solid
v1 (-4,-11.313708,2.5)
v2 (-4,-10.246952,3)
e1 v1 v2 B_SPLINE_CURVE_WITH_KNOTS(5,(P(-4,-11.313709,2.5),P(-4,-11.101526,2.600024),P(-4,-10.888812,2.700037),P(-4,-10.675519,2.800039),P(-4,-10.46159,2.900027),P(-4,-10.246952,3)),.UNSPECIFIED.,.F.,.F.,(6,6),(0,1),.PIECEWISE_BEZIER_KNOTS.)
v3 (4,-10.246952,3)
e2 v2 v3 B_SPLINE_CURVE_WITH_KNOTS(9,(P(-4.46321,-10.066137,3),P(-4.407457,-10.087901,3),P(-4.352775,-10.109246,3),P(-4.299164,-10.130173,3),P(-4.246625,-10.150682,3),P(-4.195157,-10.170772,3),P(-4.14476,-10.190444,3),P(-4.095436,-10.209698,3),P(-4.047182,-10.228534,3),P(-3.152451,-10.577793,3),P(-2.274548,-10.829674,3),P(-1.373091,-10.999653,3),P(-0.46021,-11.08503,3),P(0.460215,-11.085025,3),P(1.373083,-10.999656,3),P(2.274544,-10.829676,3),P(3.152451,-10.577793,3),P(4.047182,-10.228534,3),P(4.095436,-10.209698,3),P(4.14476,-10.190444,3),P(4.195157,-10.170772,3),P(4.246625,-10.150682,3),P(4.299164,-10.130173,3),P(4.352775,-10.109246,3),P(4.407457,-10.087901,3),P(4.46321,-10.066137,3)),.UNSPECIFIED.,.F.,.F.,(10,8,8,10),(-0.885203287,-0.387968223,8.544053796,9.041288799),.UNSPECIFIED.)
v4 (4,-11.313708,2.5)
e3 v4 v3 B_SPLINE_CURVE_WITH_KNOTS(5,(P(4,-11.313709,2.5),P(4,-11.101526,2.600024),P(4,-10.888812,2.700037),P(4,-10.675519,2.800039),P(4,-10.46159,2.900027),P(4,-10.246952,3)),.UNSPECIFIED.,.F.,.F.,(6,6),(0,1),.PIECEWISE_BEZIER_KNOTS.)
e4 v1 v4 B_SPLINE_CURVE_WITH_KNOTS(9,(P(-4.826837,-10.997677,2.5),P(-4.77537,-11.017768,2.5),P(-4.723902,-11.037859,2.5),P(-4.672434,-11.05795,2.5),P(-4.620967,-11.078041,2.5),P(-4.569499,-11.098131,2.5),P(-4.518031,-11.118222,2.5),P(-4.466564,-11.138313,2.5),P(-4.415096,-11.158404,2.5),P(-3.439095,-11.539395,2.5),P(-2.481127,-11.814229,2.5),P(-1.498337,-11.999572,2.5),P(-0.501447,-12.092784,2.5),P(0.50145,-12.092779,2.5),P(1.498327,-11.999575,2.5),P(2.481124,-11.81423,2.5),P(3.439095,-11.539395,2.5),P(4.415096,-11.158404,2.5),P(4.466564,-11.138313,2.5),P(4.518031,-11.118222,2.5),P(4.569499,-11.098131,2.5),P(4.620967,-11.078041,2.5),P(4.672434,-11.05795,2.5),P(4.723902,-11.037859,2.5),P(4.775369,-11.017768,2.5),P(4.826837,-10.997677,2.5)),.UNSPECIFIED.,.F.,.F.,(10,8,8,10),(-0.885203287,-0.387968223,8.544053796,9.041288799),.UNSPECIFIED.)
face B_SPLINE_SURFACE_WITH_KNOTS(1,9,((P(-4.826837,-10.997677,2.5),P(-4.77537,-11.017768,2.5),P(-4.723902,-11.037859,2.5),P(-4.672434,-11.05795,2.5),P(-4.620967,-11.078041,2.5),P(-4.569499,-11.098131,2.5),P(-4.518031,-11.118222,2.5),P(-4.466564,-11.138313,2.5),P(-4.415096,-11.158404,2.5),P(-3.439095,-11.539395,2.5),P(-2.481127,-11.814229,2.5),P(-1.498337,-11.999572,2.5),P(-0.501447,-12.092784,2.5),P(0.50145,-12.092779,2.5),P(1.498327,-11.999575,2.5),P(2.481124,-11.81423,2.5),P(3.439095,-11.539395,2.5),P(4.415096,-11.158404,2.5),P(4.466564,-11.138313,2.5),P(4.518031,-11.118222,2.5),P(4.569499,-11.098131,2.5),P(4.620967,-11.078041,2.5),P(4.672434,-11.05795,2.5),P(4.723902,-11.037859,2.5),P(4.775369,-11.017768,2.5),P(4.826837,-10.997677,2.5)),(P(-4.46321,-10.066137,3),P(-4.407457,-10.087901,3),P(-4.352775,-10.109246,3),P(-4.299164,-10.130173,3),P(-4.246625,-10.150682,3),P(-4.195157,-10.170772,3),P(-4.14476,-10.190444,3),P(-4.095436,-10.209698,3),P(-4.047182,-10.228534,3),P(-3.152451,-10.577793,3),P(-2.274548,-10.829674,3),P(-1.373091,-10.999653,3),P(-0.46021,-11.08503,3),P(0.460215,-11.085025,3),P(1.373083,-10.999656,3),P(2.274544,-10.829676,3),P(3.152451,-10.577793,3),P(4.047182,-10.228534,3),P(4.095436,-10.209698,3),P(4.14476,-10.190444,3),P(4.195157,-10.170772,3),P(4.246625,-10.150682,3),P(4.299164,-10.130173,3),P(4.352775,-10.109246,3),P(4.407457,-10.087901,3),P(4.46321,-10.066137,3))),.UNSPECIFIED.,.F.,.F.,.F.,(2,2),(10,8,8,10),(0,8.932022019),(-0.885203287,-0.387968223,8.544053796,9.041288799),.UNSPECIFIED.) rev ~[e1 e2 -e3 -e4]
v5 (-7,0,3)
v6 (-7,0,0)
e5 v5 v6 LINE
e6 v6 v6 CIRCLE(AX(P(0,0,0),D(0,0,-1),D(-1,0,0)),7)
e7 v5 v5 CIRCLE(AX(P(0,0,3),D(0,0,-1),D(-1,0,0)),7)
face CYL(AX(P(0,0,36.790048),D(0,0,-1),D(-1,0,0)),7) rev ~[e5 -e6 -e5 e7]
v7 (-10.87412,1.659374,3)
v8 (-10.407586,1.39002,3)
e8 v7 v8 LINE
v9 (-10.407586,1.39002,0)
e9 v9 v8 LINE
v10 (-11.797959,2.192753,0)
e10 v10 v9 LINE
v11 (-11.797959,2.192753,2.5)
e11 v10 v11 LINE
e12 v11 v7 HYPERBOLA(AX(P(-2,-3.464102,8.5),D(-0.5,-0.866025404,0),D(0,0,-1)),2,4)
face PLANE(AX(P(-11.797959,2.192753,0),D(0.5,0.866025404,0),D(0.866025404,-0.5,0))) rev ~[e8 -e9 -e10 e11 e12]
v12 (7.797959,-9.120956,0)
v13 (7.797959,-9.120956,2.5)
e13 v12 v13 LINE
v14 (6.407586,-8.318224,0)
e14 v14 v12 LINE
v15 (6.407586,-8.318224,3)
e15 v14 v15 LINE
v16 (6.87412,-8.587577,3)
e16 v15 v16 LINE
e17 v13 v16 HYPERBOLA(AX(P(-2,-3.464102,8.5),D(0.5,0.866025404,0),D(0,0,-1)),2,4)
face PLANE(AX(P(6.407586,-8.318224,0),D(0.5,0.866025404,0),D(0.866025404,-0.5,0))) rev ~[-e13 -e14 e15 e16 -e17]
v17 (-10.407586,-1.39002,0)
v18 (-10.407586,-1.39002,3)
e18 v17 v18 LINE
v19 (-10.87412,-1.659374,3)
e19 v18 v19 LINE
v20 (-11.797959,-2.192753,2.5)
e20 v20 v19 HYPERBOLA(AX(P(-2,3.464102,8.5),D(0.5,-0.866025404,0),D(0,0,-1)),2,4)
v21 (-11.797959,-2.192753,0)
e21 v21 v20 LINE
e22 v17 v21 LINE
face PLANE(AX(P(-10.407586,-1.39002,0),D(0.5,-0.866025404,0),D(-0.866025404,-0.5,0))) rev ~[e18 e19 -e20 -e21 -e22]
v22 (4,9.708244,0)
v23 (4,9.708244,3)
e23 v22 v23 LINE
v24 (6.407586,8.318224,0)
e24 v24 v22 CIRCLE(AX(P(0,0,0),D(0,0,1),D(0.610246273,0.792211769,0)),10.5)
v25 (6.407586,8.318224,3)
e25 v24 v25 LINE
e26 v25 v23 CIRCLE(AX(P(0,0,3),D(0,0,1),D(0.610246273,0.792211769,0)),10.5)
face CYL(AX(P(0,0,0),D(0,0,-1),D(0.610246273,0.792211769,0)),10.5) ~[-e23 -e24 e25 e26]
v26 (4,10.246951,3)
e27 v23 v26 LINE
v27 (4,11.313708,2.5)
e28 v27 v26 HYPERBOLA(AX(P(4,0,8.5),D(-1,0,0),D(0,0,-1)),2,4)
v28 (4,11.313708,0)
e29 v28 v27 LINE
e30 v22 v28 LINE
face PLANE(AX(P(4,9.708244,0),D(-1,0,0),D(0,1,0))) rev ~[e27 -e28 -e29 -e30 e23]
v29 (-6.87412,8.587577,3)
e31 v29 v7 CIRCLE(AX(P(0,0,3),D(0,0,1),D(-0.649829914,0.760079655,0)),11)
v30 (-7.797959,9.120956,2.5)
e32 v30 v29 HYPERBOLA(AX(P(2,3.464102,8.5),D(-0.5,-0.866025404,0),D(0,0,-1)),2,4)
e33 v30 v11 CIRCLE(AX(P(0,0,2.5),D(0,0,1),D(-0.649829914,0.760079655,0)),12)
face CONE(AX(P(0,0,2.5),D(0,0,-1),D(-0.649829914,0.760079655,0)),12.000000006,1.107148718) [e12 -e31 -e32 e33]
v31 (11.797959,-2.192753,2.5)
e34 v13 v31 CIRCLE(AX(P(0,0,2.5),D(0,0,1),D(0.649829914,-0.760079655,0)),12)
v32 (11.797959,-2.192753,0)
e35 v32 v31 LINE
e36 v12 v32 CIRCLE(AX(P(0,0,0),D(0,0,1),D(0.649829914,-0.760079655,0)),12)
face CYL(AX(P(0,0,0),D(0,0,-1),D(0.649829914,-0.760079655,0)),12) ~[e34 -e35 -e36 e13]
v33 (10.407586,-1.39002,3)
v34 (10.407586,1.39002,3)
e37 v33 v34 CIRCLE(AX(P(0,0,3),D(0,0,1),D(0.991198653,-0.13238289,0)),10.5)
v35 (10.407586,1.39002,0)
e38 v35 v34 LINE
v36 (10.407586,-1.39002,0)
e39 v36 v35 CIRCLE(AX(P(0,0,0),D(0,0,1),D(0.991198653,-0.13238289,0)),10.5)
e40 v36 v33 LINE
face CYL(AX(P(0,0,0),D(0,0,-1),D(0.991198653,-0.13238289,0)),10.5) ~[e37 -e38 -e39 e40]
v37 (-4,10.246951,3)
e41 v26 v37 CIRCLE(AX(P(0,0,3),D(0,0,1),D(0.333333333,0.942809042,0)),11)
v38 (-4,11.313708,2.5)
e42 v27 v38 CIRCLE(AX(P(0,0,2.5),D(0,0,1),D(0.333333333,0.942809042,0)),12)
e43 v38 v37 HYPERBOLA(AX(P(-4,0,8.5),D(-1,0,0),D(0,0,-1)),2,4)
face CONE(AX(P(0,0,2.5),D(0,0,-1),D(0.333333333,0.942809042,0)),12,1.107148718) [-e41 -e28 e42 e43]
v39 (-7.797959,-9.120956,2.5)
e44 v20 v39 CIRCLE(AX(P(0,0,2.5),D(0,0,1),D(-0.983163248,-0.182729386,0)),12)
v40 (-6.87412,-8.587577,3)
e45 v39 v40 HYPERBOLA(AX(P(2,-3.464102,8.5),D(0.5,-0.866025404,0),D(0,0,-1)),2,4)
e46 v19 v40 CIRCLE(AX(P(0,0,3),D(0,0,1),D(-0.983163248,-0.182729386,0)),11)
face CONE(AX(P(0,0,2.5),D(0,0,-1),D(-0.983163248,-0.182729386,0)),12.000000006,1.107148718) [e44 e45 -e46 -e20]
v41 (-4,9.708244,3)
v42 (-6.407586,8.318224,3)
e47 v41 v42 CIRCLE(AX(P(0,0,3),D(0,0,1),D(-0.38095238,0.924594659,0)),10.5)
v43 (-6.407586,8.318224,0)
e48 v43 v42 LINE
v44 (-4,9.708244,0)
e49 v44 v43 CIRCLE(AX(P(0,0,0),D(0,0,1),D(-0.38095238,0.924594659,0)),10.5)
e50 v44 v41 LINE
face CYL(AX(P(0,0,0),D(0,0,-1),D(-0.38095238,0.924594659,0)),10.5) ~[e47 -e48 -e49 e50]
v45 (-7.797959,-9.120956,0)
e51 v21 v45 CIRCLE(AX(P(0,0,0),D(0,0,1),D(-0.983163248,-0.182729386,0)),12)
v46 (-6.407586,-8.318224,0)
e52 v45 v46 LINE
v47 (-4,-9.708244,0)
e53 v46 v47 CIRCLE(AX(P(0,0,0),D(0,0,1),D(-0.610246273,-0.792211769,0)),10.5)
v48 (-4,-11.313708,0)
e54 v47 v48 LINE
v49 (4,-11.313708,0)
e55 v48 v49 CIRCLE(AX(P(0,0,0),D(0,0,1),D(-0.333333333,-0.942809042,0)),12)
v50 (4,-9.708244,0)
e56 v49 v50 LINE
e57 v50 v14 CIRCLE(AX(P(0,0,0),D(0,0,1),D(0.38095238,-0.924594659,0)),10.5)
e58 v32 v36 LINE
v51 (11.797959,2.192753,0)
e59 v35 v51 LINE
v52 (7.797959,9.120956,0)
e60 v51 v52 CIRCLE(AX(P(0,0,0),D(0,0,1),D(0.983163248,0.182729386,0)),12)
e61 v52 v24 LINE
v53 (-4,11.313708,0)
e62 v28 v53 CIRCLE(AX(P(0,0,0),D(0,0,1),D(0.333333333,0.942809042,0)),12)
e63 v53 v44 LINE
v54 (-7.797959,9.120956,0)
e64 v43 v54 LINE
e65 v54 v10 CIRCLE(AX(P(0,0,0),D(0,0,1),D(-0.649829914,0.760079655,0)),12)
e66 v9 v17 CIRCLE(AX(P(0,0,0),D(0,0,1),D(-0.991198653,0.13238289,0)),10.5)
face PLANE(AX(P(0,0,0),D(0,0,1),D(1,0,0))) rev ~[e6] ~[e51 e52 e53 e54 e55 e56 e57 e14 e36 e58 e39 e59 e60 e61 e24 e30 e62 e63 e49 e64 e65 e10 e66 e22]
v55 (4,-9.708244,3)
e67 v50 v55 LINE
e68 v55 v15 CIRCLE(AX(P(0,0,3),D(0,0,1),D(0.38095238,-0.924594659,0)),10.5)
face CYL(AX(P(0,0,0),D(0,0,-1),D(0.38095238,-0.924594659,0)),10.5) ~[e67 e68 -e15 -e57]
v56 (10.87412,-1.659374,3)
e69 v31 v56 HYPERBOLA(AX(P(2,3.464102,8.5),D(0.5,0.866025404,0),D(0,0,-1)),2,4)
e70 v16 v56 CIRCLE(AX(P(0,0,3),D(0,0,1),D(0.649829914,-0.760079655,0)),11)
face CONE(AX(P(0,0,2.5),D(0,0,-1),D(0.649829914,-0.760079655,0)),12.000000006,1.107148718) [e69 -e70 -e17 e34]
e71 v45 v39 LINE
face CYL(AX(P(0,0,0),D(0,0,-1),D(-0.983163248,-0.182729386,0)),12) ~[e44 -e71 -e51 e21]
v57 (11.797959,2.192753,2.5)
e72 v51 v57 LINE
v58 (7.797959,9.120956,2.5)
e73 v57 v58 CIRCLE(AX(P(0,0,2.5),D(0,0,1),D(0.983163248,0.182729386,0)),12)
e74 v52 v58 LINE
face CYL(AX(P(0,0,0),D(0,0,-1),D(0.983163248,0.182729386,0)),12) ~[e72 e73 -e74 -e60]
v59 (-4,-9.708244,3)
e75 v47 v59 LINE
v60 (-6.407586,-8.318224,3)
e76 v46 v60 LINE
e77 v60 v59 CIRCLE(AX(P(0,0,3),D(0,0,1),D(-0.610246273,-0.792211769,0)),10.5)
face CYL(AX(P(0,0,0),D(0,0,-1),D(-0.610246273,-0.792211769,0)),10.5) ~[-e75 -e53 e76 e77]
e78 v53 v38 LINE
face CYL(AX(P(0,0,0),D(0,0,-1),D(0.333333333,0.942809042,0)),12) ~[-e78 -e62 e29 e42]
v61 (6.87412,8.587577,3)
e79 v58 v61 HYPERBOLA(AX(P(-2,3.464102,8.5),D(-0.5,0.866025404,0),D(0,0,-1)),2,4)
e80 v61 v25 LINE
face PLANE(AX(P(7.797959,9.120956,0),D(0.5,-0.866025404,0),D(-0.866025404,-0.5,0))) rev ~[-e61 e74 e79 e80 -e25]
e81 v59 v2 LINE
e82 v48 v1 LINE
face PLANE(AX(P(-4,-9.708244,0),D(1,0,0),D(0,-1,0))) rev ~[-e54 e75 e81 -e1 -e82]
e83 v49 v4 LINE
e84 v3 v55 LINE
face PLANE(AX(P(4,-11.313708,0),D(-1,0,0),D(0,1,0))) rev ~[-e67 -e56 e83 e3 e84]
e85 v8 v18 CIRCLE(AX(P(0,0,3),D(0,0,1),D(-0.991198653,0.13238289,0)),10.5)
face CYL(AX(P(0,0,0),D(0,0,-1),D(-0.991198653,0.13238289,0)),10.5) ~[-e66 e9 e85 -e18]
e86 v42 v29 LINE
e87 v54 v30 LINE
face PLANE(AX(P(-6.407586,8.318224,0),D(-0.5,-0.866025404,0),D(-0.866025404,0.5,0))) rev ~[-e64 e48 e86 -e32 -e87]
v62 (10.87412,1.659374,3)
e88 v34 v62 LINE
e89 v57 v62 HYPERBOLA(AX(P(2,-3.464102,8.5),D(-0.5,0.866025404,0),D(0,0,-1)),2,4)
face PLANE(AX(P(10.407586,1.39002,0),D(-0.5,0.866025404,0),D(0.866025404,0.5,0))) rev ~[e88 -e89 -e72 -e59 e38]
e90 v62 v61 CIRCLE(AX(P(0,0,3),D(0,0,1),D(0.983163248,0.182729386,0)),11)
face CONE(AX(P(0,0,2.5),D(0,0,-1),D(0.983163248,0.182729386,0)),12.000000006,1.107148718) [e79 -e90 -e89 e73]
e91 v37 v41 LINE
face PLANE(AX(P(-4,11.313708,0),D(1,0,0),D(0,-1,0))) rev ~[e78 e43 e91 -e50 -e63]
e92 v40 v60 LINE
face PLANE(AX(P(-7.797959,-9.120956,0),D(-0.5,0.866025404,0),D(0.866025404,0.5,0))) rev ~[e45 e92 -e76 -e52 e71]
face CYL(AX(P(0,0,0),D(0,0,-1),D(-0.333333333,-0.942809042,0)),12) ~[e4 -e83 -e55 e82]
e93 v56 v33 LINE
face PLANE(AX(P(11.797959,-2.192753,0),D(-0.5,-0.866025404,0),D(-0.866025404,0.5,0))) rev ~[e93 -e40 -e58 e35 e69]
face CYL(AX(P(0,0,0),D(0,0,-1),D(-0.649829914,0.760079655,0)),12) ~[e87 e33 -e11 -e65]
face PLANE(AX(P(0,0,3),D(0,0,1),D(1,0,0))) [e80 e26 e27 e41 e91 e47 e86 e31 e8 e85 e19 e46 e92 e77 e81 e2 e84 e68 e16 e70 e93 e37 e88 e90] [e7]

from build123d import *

# Parameters (mm, degrees)
EXTRUSION1_DEPTH        = 3
TROU_TARAUD_M161_D      = 14
CHANFREIN2_SIZE         = 0.5
CHANFREIN2_SIZE2        = 1
CHANFREIN2_PART_2_SIZE  = 0.5
CHANFREIN2_PART_2_SIZE2 = 1
CHANFREIN2_PART_3_SIZE  = 0.5
CHANFREIN2_PART_3_SIZE2 = 1
CHANFREIN2_PART_4_SIZE  = 0.5
CHANFREIN2_PART_4_SIZE2 = 1
CHANFREIN2_PART_5_SIZE  = 0.5
CHANFREIN2_PART_5_SIZE2 = 1
CHANFREIN2_PART_6_SIZE  = 0.5
CHANFREIN2_PART_6_SIZE2 = 1


with BuildPart() as part:
    # Esquisse1 → Extrusion1 (new body)
    with BuildSketch(Plane.XY):
        with BuildLine():
            Line((7.797958971, 9.120955865), (6.40758586, 8.318223575))
            ThreePointArc((6.40758586, 8.318223575), (5.25, 9.09326674), (4, 9.708243919))
            Line((4, 9.708243919), (4, 11.313708499))
            ThreePointArc((4, 11.313708499), (0, 12), (-4, 11.313708499))
            Line((-4, 11.313708499), (-4, 9.708243919))
            ThreePointArc((-4, 9.708243919), (-5.25, 9.09326674), (-6.40758586, 8.318223575))
            Line((-6.40758586, 8.318223575), (-7.797958971, 9.120955865))
            ThreePointArc((-7.797958971, 9.120955865), (-10.392304845, 6), (-11.797958971, 2.192752634))
            Line((-11.797958971, 2.192752634), (-10.40758586, 1.390020345))
            ThreePointArc((-10.40758586, 1.390020345), (-10.5, 0), (-10.40758586, -1.390020345))
            Line((-10.40758586, -1.390020345), (-11.797958971, -2.192752634))
            ThreePointArc((-11.797958971, -2.192752634), (-10.392304845, -6), (-7.797958971, -9.120955865))
            Line((-7.797958971, -9.120955865), (-6.40758586, -8.318223575))
            ThreePointArc((-6.40758586, -8.318223575), (-5.25, -9.09326674), (-4, -9.708243919))
            Line((-4, -9.708243919), (-4, -11.313708499))
            ThreePointArc((-4, -11.313708499), (0, -12), (4, -11.313708499))
            Line((4, -11.313708499), (4, -9.708243919))
            ThreePointArc((4, -9.708243919), (5.25, -9.09326674), (6.40758586, -8.318223575))
            Line((6.40758586, -8.318223575), (7.797958971, -9.120955865))
            ThreePointArc((7.797958971, -9.120955865), (10.392304845, -6), (11.797958971, -2.192752634))
            Line((11.797958971, -2.192752634), (10.40758586, -1.390020345))
            ThreePointArc((10.40758586, -1.390020345), (10.5, 0), (10.40758586, 1.390020345))
            Line((10.40758586, 1.390020345), (11.797958971, 2.192752634))
            ThreePointArc((11.797958971, 2.192752634), (10.392304845, 6), (7.797958971, 9.120955865))
        make_face()
    extrude(amount=EXTRUSION1_DEPTH)

    # Trou taraudé M161 (through all)
    with Locations(Plane.XY.offset(3)):
        with Locations((0, 0)):
            Hole(TROU_TARAUD_M161_D / 2)

    # Chanfrein2
    chanfrein2_edges = [part.edges().sort_by_distance(p)[0] for p in [
        (-10.392304845, 6, 3),
    ]]
    chanfrein2_side = [part.faces().sort_by_distance(p)[0] for p in [
        (-10.392304845, 6, 1.5),
    ]]
    chamfer(chanfrein2_edges, length=CHANFREIN2_SIZE, length2=CHANFREIN2_SIZE2, reference=chanfrein2_side[0])

    # Chanfrein2 part 2
    chanfrein2_part_2_edges = [part.edges().sort_by_distance(p)[0] for p in [
        (-10.392304845, -6, 3),
    ]]
    chanfrein2_part_2_side = [part.faces().sort_by_distance(p)[0] for p in [
        (-10.392304845, -6, 1.5),
    ]]
    chamfer(chanfrein2_part_2_edges, length=CHANFREIN2_PART_2_SIZE, length2=CHANFREIN2_PART_2_SIZE2, reference=chanfrein2_part_2_side[0])

    # Chanfrein2 part 3
    chanfrein2_part_3_edges = [part.edges().sort_by_distance(p)[0] for p in [
        (0, 12, 3),
    ]]
    chanfrein2_part_3_side = [part.faces().sort_by_distance(p)[0] for p in [
        (0, 12, 1.5),
    ]]
    chamfer(chanfrein2_part_3_edges, length=CHANFREIN2_PART_3_SIZE, length2=CHANFREIN2_PART_3_SIZE2, reference=chanfrein2_part_3_side[0])

    # Chanfrein2 part 4
    chanfrein2_part_4_edges = [part.edges().sort_by_distance(p)[0] for p in [
        (0, -12, 3),
    ]]
    chanfrein2_part_4_side = [part.faces().sort_by_distance(p)[0] for p in [
        (0, -12, 1.5),
    ]]
    chamfer(chanfrein2_part_4_edges, length=CHANFREIN2_PART_4_SIZE, length2=CHANFREIN2_PART_4_SIZE2, reference=chanfrein2_part_4_side[0])

    # Chanfrein2 part 5
    chanfrein2_part_5_edges = [part.edges().sort_by_distance(p)[0] for p in [
        (10.392304845, -6, 3),
    ]]
    chanfrein2_part_5_side = [part.faces().sort_by_distance(p)[0] for p in [
        (10.392304845, -6, 1.5),
    ]]
    chamfer(chanfrein2_part_5_edges, length=CHANFREIN2_PART_5_SIZE, length2=CHANFREIN2_PART_5_SIZE2, reference=chanfrein2_part_5_side[0])

    # Chanfrein2 part 6
    chanfrein2_part_6_edges = [part.edges().sort_by_distance(p)[0] for p in [
        (10.392304845, 6, 3),
    ]]
    chanfrein2_part_6_side = [part.faces().sort_by_distance(p)[0] for p in [
        (10.392304845, 6, 1.5),
    ]]
    chamfer(chanfrein2_part_6_edges, length=CHANFREIN2_PART_6_SIZE, length2=CHANFREIN2_PART_6_SIZE2, reference=chanfrein2_part_6_side[0])


solid = part.part
